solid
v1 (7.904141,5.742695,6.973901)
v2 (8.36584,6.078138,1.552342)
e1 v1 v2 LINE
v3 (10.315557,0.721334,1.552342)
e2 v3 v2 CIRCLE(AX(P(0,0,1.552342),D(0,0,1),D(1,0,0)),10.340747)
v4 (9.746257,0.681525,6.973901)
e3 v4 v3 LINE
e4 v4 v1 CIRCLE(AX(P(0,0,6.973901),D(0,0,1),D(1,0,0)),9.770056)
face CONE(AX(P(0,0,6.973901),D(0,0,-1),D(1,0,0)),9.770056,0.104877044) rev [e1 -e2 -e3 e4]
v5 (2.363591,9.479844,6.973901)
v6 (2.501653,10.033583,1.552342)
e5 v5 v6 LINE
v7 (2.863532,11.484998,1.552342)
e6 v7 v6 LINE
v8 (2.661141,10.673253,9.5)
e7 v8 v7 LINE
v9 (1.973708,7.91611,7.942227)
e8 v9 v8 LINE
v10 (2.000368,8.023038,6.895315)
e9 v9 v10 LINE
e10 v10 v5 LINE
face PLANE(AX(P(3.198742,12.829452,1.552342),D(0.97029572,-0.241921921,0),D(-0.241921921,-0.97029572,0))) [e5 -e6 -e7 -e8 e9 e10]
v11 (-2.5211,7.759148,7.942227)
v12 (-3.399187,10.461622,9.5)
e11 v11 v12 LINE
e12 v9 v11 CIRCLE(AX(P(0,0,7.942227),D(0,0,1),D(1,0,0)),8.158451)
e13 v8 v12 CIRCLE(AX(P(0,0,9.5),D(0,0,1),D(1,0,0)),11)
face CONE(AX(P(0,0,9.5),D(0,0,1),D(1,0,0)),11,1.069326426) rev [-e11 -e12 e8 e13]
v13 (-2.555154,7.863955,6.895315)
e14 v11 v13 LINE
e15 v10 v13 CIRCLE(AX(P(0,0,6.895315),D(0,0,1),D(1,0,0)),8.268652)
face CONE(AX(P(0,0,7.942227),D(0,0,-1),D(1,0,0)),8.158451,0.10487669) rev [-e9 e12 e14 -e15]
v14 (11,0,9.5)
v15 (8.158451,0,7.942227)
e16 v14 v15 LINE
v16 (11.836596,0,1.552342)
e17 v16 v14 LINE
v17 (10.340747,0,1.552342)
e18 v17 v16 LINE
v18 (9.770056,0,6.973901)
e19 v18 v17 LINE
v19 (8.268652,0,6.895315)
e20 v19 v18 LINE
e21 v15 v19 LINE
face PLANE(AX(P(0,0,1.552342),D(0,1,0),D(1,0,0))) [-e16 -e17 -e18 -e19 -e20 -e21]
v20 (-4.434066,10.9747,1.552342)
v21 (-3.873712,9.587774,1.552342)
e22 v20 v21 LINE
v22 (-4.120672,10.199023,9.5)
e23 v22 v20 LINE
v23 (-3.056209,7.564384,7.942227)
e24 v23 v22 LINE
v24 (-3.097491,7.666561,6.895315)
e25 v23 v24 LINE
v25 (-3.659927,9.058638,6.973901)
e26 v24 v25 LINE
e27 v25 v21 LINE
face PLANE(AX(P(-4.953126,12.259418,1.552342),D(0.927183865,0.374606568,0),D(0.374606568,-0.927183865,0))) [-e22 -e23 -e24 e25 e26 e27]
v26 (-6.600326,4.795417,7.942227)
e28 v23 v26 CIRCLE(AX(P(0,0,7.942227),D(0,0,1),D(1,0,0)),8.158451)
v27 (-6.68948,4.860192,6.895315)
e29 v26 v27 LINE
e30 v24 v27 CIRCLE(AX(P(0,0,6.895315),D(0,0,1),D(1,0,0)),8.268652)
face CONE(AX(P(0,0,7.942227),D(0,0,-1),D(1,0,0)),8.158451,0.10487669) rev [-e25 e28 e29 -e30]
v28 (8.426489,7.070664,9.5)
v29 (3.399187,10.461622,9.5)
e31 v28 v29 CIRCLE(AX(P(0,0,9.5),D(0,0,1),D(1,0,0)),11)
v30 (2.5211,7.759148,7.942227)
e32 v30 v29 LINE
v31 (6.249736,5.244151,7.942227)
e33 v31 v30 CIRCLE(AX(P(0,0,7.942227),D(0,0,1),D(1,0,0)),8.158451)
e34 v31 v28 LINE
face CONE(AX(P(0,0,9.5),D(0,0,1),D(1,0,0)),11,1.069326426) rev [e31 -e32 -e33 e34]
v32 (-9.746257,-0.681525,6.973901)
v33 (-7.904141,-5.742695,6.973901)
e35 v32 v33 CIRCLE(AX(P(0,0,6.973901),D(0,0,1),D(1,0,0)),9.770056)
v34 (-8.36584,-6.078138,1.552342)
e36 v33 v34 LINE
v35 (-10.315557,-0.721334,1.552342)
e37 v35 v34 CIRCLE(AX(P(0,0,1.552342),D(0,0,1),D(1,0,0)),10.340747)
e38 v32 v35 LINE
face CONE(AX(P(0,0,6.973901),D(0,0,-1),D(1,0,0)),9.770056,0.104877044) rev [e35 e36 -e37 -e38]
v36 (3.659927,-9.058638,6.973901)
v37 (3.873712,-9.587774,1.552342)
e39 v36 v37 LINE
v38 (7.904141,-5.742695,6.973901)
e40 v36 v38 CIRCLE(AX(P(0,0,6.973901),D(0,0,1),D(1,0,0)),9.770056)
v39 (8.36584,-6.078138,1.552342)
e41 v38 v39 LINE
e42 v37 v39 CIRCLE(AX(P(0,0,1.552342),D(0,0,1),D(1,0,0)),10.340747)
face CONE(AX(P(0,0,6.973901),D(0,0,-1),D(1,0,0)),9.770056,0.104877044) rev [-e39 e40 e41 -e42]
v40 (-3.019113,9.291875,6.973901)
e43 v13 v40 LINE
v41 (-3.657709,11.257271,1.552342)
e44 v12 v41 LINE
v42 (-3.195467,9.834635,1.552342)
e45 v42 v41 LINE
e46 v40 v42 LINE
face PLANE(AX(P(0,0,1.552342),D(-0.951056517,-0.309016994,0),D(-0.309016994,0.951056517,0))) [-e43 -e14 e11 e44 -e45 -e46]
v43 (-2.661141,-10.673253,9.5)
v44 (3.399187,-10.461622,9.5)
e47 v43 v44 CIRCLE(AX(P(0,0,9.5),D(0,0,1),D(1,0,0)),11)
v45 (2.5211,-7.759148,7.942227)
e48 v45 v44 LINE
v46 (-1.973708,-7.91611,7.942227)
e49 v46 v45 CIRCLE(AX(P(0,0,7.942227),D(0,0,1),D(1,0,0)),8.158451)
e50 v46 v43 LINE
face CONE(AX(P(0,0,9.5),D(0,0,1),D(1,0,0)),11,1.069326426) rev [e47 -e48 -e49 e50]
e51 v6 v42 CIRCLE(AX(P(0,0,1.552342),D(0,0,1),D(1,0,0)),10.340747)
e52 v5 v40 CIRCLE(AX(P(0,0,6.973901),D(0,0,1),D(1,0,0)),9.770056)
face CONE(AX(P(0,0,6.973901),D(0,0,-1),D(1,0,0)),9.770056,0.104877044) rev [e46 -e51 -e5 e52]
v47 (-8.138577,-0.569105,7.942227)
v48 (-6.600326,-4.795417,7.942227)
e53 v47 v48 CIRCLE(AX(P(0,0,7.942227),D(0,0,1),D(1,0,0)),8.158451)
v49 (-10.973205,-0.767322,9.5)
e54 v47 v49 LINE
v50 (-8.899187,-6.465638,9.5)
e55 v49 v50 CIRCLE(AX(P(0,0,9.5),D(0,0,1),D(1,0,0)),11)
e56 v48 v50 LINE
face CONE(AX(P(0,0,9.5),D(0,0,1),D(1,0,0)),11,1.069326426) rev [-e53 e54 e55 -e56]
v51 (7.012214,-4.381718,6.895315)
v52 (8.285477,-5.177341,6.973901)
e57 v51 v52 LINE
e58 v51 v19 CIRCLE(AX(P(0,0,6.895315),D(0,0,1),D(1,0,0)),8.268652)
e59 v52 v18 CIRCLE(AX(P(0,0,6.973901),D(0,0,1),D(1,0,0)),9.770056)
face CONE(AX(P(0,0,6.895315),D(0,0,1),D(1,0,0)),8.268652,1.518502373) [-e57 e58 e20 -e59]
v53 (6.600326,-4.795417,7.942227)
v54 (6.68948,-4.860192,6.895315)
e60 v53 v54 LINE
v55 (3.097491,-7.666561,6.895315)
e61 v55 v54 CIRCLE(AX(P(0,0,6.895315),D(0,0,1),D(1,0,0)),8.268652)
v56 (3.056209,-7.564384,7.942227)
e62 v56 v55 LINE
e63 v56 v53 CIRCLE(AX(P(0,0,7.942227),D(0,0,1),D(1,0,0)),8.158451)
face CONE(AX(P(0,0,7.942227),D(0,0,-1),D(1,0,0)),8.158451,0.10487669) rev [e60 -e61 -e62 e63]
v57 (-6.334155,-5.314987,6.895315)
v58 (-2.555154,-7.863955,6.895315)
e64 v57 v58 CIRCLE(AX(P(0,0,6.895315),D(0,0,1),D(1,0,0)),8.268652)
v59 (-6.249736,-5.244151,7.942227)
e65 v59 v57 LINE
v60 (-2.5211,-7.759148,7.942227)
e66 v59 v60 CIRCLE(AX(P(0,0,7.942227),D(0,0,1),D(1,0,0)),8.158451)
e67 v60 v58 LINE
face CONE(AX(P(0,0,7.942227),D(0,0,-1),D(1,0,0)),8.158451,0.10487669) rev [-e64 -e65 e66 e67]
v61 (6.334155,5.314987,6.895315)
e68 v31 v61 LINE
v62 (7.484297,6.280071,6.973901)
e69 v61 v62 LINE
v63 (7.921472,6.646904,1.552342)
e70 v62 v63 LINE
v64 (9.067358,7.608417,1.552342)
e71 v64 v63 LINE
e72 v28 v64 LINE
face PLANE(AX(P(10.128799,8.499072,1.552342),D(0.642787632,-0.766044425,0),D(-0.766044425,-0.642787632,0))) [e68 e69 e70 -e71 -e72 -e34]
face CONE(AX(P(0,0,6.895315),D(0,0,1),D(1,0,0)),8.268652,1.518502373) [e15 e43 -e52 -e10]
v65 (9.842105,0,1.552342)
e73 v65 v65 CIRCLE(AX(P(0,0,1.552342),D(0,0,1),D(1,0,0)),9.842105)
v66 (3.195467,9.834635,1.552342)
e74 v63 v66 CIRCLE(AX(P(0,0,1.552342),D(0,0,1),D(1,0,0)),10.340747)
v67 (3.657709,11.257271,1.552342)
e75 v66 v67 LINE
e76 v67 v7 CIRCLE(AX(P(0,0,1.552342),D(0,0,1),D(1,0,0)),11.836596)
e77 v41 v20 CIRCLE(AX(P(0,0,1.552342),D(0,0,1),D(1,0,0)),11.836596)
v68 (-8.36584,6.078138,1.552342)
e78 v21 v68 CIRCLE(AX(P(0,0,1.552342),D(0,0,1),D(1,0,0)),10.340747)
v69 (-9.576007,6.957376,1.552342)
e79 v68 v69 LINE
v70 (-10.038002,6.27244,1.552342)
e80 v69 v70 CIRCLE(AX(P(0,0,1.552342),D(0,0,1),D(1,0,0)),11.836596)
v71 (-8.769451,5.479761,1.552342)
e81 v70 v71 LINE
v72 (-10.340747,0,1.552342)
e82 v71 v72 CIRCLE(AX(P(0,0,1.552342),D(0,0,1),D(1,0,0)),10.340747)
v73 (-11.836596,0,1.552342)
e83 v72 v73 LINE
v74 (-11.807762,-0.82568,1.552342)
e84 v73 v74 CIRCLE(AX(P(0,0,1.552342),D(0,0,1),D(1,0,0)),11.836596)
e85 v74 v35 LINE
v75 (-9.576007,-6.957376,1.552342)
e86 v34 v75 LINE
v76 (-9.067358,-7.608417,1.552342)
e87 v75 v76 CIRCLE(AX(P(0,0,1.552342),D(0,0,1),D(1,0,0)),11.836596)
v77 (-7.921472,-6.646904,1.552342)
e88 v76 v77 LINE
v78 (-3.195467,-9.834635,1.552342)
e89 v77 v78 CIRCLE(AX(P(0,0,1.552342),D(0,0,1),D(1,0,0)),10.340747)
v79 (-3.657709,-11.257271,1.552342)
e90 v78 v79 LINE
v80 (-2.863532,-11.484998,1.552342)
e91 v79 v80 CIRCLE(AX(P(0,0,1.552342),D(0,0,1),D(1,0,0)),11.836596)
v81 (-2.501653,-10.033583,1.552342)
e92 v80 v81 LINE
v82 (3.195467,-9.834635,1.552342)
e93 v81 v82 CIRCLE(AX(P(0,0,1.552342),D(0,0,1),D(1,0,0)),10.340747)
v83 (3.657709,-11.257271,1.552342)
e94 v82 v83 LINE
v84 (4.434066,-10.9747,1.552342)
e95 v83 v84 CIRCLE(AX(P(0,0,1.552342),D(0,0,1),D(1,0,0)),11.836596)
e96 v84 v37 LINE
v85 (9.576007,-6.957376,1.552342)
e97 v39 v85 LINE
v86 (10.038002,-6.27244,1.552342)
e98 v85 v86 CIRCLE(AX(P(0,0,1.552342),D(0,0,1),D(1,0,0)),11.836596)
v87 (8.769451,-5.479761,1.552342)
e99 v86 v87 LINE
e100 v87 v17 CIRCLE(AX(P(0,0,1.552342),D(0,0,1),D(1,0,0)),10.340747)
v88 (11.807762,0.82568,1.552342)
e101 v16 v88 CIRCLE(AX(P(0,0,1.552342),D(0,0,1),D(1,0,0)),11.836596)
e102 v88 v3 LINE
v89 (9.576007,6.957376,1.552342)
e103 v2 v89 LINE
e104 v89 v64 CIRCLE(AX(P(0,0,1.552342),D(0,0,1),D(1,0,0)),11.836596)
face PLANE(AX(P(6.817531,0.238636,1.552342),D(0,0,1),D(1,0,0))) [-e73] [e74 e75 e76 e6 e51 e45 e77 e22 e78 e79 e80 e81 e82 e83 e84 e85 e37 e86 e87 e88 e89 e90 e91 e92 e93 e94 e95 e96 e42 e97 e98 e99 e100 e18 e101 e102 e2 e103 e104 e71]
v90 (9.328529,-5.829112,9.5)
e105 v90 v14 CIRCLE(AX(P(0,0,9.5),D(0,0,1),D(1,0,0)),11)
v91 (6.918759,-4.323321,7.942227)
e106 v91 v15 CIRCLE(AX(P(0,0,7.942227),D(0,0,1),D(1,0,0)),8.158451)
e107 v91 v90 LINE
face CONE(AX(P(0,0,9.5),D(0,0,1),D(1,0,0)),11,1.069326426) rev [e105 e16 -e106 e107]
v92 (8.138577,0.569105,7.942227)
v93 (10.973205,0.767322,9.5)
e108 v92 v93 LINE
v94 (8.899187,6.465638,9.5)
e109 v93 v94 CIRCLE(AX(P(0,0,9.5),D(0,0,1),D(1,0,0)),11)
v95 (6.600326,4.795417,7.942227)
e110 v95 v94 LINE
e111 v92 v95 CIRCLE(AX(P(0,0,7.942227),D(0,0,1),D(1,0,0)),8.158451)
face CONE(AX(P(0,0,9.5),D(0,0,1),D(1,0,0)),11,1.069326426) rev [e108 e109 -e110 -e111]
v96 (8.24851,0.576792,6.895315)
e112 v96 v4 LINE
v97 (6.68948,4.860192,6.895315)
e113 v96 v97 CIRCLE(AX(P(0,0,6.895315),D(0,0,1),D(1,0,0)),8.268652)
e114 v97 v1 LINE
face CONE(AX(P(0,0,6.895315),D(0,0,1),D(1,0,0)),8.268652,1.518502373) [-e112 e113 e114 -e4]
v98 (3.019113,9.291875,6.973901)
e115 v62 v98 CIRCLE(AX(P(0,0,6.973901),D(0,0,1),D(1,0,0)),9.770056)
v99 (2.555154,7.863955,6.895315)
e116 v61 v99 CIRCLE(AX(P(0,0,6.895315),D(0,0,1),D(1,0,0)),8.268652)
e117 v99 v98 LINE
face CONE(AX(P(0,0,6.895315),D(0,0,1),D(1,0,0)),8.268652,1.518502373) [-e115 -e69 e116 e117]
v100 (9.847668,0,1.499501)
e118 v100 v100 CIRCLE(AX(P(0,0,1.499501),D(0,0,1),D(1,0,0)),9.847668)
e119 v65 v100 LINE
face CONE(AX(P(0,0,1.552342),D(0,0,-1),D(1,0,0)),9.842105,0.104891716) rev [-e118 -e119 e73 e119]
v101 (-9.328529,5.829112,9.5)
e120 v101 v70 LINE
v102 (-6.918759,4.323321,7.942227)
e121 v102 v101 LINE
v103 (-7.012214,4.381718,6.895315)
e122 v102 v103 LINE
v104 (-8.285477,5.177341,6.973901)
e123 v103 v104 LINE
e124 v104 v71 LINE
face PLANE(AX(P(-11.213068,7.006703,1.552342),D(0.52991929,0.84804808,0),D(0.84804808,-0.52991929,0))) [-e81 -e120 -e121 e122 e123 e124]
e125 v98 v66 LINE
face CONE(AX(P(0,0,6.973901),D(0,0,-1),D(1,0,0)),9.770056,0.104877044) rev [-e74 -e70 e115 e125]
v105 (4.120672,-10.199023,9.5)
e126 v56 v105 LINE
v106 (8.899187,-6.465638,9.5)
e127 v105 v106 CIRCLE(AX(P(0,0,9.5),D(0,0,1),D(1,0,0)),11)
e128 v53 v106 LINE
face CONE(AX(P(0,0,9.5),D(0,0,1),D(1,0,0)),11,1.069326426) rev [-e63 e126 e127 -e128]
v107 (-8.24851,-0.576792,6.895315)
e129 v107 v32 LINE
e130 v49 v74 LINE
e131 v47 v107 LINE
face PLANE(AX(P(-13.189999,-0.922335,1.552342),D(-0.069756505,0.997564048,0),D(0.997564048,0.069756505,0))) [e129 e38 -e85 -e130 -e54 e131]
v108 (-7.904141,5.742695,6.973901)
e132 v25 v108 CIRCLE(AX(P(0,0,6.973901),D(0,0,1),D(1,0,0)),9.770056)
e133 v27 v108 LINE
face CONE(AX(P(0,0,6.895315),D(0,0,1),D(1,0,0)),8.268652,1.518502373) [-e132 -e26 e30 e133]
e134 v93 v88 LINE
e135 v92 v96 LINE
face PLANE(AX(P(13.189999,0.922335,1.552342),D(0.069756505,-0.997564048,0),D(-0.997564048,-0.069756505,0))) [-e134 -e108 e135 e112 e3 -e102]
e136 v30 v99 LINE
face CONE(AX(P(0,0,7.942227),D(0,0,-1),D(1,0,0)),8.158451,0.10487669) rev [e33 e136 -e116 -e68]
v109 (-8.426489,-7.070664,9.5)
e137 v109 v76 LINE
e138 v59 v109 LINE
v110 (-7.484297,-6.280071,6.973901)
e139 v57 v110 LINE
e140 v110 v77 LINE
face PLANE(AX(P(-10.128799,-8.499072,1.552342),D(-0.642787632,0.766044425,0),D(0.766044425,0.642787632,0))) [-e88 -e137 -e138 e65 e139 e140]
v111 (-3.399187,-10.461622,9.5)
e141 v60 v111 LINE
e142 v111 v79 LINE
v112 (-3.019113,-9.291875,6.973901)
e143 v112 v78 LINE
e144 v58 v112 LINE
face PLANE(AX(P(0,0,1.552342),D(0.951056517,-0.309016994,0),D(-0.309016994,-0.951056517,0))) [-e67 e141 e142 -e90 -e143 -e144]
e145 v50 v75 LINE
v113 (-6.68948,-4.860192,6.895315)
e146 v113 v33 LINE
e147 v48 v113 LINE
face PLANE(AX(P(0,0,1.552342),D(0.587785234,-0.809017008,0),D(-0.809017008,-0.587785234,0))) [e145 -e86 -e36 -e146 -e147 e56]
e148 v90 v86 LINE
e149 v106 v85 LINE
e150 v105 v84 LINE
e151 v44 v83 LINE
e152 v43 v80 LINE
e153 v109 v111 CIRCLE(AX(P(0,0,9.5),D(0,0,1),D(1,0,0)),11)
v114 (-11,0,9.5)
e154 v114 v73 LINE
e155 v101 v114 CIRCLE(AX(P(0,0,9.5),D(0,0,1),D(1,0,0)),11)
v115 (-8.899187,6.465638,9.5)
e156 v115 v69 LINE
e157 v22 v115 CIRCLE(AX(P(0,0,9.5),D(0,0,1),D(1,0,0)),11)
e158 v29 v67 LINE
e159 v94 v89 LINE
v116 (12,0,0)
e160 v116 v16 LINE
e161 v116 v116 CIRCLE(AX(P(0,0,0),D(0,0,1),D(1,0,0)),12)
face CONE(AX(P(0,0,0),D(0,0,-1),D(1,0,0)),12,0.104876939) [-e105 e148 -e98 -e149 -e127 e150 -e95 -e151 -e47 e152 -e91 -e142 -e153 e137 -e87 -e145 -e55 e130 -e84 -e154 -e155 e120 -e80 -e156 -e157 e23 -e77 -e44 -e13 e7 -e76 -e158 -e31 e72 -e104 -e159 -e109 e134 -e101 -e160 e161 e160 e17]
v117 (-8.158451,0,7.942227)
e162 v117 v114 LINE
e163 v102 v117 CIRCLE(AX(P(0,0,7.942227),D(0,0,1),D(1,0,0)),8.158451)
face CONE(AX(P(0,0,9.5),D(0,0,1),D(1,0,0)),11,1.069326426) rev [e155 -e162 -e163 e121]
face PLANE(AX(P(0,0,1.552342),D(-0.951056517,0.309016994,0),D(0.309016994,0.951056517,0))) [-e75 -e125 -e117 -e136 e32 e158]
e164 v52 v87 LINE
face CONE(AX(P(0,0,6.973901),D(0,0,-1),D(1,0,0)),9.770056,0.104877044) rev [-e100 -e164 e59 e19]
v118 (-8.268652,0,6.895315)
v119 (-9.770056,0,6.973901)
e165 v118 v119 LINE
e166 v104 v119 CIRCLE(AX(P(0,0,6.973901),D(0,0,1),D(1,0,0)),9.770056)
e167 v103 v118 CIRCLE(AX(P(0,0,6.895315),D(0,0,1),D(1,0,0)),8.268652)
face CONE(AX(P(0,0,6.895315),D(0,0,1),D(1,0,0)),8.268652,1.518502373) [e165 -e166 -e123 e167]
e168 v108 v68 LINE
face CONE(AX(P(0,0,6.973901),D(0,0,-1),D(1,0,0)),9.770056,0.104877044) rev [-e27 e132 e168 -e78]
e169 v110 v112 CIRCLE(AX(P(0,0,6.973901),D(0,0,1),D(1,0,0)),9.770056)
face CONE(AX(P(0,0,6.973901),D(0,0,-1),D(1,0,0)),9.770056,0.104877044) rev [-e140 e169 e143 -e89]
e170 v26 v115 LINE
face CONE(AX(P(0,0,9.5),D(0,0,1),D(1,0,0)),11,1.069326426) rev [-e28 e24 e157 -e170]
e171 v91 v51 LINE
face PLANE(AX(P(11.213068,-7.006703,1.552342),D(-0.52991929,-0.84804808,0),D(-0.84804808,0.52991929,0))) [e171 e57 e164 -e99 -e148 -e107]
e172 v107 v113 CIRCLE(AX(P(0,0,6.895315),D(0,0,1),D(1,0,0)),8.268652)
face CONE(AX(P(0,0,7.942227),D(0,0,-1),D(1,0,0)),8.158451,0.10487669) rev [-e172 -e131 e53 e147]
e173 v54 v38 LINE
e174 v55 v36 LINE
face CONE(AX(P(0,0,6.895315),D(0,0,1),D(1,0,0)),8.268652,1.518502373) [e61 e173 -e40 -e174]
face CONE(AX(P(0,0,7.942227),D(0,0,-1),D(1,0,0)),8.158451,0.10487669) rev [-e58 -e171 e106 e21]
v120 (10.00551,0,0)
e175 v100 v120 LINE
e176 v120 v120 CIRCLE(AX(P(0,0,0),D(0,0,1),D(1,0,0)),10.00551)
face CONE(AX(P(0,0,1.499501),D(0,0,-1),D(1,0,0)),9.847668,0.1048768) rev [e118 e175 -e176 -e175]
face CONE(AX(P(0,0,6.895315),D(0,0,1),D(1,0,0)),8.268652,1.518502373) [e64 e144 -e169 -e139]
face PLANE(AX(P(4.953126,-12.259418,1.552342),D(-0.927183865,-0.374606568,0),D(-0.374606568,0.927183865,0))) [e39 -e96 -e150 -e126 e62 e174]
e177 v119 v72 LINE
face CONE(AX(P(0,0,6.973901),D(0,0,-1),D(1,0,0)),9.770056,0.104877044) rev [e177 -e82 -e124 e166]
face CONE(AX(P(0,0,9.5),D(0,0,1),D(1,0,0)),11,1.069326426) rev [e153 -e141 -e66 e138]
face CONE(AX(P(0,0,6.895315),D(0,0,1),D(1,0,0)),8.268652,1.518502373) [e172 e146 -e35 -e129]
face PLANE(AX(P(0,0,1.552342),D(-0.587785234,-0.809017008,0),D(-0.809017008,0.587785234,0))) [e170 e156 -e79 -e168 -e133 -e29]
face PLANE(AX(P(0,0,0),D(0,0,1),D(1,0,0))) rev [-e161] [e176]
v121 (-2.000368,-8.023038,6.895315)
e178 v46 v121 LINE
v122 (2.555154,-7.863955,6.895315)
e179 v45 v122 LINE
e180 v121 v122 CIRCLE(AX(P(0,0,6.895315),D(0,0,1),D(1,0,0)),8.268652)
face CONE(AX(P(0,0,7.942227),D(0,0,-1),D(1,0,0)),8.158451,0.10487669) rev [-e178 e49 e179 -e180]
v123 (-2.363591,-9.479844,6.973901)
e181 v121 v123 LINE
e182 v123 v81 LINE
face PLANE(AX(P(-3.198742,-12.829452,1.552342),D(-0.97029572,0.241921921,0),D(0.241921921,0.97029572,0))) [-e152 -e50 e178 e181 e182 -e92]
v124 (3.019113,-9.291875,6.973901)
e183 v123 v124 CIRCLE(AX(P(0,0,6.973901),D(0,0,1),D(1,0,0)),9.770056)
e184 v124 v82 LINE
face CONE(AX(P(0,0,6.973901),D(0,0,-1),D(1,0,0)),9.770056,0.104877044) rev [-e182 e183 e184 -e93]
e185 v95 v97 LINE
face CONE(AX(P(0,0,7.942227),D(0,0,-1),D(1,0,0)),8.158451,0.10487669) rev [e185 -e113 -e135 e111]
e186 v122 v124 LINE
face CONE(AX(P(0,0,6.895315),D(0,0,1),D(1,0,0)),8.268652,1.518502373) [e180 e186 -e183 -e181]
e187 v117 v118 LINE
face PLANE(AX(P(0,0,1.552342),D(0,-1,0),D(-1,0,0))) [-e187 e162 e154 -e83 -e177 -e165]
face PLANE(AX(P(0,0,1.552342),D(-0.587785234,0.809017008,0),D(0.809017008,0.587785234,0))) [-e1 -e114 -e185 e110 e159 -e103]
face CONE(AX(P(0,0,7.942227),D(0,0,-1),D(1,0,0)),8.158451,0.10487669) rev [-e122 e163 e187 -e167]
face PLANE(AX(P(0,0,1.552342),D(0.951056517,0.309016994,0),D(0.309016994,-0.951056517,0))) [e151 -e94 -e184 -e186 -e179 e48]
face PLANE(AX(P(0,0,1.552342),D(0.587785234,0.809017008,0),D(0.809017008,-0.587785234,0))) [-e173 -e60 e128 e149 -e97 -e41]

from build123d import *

# Parameters (mm, degrees)
F3_DEPTH = 25


with BuildPart() as f1:
    # F0 (on Front) → F1 (revolve)
    with BuildSketch(Plane.XZ):
        Polygon((10.00551, 0), (12, 0), (11, 9.5), (8.158451, 7.942227), (8.268652, 6.895315), (9.770056, 6.973901), (10.340747, 1.552342), (9.842105, 1.552342), (9.847668, 1.499501), align=None)
    revolve(axis=Axis((0, 0, 3.5), (0, 0, 1)))

    # F2 (on face) → F3 (cut)
    with BuildSketch(Plane.XY.offset(1.552342)):
        Polygon((-13.189999, -0.922335), (0, 0), (-13.189999, 0), align=None)
        Polygon((-10.128799, -8.499072), (0, 0), (-10.670934, -7.752887), align=None)
        Polygon((-3.198742, -12.829452), (0, 0), (-4.075934, -12.544435), align=None)
        Polygon((4.953126, -12.259418), (0, 0), (4.075934, -12.544435), align=None)
        Polygon((11.213068, -7.006703), (0, 0), (10.670934, -7.752887), align=None)
        Polygon((13.189999, 0.922335), (0, 0), (13.189999, 0), align=None)
        Polygon((10.128799, 8.499072), (0, 0), (10.670934, 7.752887), align=None)
        Polygon((3.198742, 12.829452), (0, 0), (4.075934, 12.544435), align=None)
        Polygon((-4.953126, 12.259418), (0, 0), (-4.075934, 12.544435), align=None)
        Polygon((-11.213068, 7.006703), (0, 0), (-10.670934, 7.752887), align=None)
    extrude(amount=F3_DEPTH, mode=Mode.SUBTRACT)


solid = f1.part
